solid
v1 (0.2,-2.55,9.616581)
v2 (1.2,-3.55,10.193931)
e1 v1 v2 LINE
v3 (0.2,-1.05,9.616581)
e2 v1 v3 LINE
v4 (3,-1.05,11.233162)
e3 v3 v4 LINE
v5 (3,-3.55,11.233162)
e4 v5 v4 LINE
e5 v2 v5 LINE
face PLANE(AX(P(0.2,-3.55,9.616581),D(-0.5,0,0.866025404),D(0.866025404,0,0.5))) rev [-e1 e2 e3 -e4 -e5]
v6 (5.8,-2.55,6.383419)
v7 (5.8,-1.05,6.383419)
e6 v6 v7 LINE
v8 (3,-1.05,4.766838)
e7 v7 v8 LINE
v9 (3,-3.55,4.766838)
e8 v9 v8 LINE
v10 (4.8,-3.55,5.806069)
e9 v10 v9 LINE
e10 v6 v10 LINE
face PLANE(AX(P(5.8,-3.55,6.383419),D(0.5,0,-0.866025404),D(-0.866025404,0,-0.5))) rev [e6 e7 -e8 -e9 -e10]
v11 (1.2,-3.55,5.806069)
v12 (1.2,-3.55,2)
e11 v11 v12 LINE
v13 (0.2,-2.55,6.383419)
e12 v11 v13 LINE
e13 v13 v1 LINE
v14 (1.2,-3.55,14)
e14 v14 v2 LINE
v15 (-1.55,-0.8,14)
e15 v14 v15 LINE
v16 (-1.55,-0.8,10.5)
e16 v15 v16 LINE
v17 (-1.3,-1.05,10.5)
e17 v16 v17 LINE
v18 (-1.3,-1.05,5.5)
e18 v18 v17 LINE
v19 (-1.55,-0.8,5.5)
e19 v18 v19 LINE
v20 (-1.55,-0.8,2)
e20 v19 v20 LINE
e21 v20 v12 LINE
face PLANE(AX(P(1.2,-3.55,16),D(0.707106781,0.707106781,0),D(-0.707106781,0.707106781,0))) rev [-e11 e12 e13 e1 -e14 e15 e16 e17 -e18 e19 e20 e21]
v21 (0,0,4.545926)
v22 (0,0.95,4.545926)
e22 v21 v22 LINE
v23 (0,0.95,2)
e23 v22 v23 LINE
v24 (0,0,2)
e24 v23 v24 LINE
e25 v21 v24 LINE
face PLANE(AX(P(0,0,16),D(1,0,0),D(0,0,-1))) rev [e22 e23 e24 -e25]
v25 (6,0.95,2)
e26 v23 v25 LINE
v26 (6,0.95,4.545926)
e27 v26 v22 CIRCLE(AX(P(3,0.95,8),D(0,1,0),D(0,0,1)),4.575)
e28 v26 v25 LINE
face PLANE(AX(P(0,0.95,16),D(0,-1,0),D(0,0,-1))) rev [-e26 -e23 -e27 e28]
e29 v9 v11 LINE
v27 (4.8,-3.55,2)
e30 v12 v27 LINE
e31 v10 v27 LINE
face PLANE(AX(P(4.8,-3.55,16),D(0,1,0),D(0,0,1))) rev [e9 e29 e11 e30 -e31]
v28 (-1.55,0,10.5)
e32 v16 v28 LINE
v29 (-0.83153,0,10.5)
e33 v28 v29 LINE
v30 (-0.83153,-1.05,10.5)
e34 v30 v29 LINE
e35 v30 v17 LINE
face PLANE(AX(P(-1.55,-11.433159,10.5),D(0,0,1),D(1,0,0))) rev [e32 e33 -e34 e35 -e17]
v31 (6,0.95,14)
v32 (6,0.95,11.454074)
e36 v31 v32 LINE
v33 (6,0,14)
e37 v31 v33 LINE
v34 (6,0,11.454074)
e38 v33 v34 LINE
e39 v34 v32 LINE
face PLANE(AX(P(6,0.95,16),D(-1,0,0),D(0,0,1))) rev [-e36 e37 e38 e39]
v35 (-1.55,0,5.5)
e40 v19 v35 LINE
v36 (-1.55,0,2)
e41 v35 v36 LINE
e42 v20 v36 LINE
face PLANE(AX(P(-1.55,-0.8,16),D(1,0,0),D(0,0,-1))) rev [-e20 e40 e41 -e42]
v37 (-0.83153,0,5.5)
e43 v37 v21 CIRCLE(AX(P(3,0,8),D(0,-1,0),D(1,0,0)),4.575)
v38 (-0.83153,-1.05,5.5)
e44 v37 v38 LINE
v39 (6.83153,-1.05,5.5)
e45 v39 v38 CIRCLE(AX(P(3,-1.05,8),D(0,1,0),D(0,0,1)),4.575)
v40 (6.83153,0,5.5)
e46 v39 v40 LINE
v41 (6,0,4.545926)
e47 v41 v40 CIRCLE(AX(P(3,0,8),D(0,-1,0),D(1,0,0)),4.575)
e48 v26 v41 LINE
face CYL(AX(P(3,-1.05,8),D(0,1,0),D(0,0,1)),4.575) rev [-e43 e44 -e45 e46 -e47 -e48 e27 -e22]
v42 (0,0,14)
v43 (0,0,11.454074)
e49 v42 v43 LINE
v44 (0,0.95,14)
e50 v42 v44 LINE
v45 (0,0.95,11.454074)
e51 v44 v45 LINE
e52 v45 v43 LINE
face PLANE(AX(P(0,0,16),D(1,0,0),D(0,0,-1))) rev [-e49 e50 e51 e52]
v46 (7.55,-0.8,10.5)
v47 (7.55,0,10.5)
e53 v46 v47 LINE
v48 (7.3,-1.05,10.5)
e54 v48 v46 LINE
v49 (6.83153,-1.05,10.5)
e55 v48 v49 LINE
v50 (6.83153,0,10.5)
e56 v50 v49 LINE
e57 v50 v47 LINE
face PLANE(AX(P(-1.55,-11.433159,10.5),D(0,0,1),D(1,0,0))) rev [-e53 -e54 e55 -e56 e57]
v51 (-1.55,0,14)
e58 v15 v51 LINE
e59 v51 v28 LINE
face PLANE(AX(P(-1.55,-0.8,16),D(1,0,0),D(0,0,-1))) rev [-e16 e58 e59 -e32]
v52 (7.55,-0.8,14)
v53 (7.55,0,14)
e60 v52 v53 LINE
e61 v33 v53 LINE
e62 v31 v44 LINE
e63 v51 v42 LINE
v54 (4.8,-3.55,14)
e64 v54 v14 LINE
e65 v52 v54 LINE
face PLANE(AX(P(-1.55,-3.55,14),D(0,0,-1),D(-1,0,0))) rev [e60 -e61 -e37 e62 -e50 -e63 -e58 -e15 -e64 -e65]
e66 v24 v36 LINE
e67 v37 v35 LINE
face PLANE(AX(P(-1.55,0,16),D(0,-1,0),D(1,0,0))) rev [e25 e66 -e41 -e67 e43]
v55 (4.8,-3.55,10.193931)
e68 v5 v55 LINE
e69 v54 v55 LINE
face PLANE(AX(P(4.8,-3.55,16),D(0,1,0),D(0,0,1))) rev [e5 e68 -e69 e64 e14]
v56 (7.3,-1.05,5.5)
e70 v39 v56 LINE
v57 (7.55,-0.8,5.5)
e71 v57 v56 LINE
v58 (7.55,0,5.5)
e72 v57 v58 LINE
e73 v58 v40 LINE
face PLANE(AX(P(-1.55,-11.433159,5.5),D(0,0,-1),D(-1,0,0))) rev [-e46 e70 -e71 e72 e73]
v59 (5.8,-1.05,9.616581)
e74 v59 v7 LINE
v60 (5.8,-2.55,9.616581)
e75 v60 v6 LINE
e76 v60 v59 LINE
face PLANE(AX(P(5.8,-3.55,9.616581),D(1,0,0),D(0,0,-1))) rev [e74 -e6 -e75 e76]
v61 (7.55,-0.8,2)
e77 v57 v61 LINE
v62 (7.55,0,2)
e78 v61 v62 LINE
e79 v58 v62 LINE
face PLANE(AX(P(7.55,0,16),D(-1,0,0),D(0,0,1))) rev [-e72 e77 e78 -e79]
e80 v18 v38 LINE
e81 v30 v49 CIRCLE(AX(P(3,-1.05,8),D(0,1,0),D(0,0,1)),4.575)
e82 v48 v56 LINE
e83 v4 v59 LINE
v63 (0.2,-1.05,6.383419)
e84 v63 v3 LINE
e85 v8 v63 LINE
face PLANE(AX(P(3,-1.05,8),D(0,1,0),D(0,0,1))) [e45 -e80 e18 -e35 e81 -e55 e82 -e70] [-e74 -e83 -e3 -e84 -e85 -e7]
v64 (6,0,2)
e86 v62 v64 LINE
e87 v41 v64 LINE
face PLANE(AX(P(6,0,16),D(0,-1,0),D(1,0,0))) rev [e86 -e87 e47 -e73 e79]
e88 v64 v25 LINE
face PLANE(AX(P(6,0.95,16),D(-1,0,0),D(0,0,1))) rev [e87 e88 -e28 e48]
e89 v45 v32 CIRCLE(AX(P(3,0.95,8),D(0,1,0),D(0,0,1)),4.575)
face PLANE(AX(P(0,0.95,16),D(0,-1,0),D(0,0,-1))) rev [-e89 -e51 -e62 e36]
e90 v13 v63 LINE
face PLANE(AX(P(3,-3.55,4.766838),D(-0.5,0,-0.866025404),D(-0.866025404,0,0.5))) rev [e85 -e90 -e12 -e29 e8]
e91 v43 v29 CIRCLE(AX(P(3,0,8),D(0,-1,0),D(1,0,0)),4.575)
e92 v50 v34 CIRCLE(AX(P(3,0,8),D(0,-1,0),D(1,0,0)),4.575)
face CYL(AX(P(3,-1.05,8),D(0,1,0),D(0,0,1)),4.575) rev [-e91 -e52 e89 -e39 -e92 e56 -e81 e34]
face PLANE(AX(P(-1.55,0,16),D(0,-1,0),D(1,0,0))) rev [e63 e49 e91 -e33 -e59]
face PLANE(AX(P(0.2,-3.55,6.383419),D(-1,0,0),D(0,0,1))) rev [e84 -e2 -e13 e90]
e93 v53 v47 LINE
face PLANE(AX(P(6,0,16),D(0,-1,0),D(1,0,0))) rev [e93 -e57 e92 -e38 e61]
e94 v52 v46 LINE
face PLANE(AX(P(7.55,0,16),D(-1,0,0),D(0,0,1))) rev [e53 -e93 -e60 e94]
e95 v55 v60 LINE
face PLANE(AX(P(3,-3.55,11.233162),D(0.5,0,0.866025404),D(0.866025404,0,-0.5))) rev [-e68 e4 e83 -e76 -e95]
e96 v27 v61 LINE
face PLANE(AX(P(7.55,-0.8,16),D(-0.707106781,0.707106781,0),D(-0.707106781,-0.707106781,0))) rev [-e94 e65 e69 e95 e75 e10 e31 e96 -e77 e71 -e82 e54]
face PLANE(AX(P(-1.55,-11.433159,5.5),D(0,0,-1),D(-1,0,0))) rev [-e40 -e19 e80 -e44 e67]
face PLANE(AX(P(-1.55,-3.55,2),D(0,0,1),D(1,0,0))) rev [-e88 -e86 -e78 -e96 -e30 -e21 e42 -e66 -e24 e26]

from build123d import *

# Parameters (mm, degrees)
BOSS_EXTRUDE1_DEPTH = 16
SKETCH2_R           = 4.575
CUT_EXTRUDE1_DEPTH  = 2
CUT_EXTRUDE2_DEPTH  = 18.867638344
CUT_EXTRUDE3_START  = -1.05
SKETCH4_W           = 9.1
SKETCH4_H           = 5
CUT_EXTRUDE3_DEPTH  = 1.05
SKETCH5_W           = 9.1
SKETCH5_H           = 2
CUT_EXTRUDE4_DEPTH  = 19.255204737


with BuildPart() as part:
    # Sketch1 → Boss-Extrude1 (new body)
    with BuildSketch(Plane.XY):
        Polygon((0, 0), (0, 0.95), (6, 0.95), (6, 0), (7.55, 0), (7.55, -0.8), (4.8, -3.55), (1.2, -3.55), (-1.55, -0.8), (-1.55, 0), align=None)
    extrude(amount=BOSS_EXTRUDE1_DEPTH)

    # Sketch2 → Cut-Extrude1 (cut)
    with BuildSketch(Plane(origin=(0, 0.95, 0), x_dir=(1, 0, 0), z_dir=(0, 1, 0))):
        with Locations((3, -8)):
            Circle(SKETCH2_R)
    extrude(amount=-CUT_EXTRUDE1_DEPTH, mode=Mode.SUBTRACT)

    # Sketch3 → Cut-Extrude2 (cut, through all)
    with BuildSketch(Plane(origin=(0, -1.05, 0), x_dir=(1, 0, 0), z_dir=(0, 1, 0))):
        Polygon((3, -4.766838493), (0.2, -6.383419246), (0.2, -9.616580754), (3, -11.233161507), (5.8, -9.616580754), (5.8, -6.383419246), align=None)
    extrude(amount=-CUT_EXTRUDE2_DEPTH, mode=Mode.SUBTRACT)

    # Sketch4 → Cut-Extrude3 (cut)
    with BuildSketch(Plane(origin=(0, 0, 0), x_dir=(1, 0, 0), z_dir=(0, 1, 0)).offset(CUT_EXTRUDE3_START)):
        with Locations((3, -8)):
            Rectangle(SKETCH4_W, SKETCH4_H)
    extrude(amount=CUT_EXTRUDE3_DEPTH, mode=Mode.SUBTRACT)

    # Sketch5 → Cut-Extrude4 (cut, through all)
    with BuildSketch(Plane(origin=(0, 0.95, 0), x_dir=(1, 0, 0), z_dir=(0, 1, 0))):
        with Locations((3, -1)):
            Rectangle(SKETCH5_W, SKETCH5_H)
        with Locations((3, -15)):
            Rectangle(SKETCH5_W, SKETCH5_H)
    extrude(amount=-CUT_EXTRUDE4_DEPTH, mode=Mode.SUBTRACT)


solid = part.part
